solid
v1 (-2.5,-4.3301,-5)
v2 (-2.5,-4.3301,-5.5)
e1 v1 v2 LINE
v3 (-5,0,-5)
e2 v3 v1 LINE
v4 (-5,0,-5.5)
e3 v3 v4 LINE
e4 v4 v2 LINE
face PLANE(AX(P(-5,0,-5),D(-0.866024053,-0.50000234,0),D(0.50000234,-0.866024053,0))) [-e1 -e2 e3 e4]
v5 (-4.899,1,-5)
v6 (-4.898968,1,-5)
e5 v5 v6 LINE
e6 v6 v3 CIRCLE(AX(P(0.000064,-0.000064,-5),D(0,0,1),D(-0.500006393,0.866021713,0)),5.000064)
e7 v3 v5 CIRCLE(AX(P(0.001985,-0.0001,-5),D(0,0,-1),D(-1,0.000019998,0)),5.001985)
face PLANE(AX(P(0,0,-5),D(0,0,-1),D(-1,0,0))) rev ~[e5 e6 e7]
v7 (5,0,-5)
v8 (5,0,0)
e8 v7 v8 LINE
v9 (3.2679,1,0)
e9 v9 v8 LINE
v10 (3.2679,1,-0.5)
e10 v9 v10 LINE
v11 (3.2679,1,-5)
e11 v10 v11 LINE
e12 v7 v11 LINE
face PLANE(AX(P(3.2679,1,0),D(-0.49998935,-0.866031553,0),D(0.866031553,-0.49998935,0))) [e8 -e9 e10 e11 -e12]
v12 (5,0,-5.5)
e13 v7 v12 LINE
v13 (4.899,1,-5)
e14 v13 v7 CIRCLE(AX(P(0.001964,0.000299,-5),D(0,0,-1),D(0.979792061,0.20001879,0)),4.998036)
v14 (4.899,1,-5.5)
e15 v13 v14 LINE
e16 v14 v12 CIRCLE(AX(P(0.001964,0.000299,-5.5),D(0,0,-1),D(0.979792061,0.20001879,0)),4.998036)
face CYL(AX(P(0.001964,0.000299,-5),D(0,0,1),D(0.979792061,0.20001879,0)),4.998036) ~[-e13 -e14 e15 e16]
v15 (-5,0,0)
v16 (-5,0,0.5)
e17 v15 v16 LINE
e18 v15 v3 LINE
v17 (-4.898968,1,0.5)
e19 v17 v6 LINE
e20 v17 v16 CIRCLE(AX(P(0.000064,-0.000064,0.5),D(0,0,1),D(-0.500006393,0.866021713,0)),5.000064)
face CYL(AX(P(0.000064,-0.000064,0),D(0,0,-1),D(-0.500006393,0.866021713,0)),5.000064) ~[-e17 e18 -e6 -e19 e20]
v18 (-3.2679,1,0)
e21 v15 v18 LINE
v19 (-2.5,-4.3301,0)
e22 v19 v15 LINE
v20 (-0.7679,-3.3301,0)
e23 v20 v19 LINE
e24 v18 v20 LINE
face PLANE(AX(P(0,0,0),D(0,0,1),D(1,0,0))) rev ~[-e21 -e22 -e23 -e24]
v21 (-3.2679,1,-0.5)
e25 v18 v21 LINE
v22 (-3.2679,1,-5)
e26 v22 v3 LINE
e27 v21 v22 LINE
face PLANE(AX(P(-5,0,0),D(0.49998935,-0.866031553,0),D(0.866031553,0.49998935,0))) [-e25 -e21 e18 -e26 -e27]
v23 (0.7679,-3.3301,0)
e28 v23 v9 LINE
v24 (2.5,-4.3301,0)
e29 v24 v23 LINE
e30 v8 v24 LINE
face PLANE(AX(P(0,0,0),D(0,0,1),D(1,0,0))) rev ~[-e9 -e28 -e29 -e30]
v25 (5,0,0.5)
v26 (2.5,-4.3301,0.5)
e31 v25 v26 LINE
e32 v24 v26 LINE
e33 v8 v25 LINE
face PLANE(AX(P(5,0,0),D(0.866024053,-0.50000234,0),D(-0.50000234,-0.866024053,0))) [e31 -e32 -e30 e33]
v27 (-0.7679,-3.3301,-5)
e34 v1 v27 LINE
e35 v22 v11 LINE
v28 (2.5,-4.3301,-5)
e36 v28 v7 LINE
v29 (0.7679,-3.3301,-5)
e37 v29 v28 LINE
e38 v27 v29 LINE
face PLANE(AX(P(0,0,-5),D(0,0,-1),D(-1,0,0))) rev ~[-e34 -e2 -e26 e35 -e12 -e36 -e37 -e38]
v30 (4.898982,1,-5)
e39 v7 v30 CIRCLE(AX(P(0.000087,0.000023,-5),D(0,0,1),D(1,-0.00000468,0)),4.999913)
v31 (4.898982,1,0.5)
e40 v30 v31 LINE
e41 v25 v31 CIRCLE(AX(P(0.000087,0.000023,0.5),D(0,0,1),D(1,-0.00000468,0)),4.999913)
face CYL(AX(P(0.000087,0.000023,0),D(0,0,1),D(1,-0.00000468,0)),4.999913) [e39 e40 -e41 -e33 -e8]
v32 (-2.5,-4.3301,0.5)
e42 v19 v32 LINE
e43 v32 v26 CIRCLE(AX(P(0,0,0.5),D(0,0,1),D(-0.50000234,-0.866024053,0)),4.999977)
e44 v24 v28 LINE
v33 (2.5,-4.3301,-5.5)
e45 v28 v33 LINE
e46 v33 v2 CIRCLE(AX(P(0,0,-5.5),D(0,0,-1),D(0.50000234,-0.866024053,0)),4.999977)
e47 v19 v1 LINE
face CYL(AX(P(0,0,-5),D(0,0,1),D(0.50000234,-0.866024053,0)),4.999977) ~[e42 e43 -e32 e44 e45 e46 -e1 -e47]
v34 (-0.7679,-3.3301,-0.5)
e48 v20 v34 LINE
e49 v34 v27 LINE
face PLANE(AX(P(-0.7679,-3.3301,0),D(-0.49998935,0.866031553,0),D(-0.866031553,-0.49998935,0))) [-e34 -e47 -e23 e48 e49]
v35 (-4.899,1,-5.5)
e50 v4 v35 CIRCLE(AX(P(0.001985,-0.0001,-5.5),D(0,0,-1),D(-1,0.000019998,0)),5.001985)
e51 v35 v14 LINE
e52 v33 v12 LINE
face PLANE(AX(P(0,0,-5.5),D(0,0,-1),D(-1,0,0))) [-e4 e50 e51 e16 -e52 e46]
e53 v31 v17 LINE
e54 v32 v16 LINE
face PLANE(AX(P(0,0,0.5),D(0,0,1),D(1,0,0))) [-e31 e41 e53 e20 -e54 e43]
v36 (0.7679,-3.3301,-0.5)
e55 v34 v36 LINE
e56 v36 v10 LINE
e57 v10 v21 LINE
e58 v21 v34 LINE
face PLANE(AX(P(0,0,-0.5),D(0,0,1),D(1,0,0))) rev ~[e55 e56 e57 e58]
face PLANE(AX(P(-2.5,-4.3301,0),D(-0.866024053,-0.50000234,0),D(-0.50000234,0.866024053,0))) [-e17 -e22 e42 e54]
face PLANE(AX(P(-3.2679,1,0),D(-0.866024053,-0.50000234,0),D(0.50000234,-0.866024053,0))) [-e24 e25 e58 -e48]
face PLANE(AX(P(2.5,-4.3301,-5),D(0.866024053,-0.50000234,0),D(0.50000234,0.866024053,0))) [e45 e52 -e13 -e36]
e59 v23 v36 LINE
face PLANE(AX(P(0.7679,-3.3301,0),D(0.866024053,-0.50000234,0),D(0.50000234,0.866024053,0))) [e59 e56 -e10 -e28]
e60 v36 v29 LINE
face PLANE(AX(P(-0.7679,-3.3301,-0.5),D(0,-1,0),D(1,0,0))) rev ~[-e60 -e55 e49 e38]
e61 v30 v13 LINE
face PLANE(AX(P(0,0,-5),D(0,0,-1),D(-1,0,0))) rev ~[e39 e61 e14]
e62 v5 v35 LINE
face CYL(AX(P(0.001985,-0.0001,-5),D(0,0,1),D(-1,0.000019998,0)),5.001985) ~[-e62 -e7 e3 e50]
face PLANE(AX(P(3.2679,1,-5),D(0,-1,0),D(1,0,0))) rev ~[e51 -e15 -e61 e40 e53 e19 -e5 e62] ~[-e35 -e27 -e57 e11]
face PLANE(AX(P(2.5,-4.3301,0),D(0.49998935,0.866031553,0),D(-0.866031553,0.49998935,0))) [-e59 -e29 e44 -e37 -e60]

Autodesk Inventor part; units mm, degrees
ref_plane "YZ Plane" through (0, 0, 0) normal (1, 0, 0) x (0, 1, 0)
ref_plane "XZ Plane" through (0, 0, 0) normal (0, 1, 0) x (-1, 0, 0)
sketch "Sketch9" plane through (0, 0, 0) normal (0, 0, 1) x (1, 0, 0)
  line L0 (5, 0) -> (2.5, -4.3301)
  line L1 (2.5, -4.3301) -> (-2.5, -4.3301)
  line L2 (-2.5, -4.3301) -> (-5, 0)
  line L3 (-5, 0) -> (-2.5, 4.3301)
  line L4 (-2.5, 4.3301) -> (2.5, 4.3301)
  line L5 (2.5, 4.3301) -> (5, 0)
  line L6 (2.5, 4.3301) -> (2.5, 2.3301)
  line L7 (2.5, 2.3301) -> (-2.5, 2.3301)
  line L8 (-2.5, 2.3301) -> (-2.5, 4.3301)
  line L9 (-2.5, -4.3301) -> (-5, 0)
  line L10 (-0.7679, -3.3301) -> (-2.5, -4.3301)
  line L11 (-3.2679, 1) -> (-0.7679, -3.3301)
  line L12 (-5, 0) -> (-3.2679, 1)
  line L13 (5, 0) -> (2.5, -4.3301)
  line L14 (3.2679, 1) -> (5, 0)
  line L15 (0.7679, -3.3301) -> (3.2679, 1)
  line L16 (2.5, -4.3301) -> (0.7679, -3.3301)
  point P0 (0, 0)
  point P1 (0, 0)
  point P2 (-5, 0)
  dimension "d62" = 5
  dimension "d63" = 2
  dimension "d66" = 360
extrude "Extrusion9" add sketch "Sketch9" against normal blind 0.5 contours L14 L15 L16 L1 L10 L11 L12 L3 L8 L7 L6 L5
sketch "Sketch11" plane through (0, 0, -0.5) normal (0, 0, -1) x (-1, 0, 0)
  line L0 (2.5, 2.3301) -> (-2.5, 2.3301) projected
  line L1 (-2.5, 2.3301) -> (-2.5, 4.3301) projected
  line L2 (-2.5, 2.3301) -> (-2.5, 4.3301)
  line L3 (-5, 0) -> (-2.5, 4.3301) projected
  line L4 (-2.5, 4.3301) -> (-5, 0)
  line L5 (-3.2679, 1) -> (-0.7679, -3.3301) projected
  line L6 (-5, 0) -> (-3.2679, 1)
  line L7 (-3.2679, 1) -> (-2.5, 2.3301)
  line L8 (2.5, 4.3301) -> (2.5, 2.3301) projected
  line L9 (2.5, 4.3301) -> (2.5, 2.3301)
  line L10 (2.5, 2.3301) -> (3.2679, 1)
  line L11 (3.2679, 1) -> (5, 0)
  line L12 (5, 0) -> (2.5, 4.3301)
  line L13 (-0.7679, -3.3301) -> (-2.5, -4.3301)
  line L14 (2.5, -4.3301) -> (0.7679, -3.3301) projected
  line L15 (-2.5, -4.3301) -> (2.5, -4.3301)
  line L16 (2.5, -4.3301) -> (0.7679, -3.3301)
  line L17 (0.7679, -3.3301) -> (-0.7679, -3.3301)
  point P0 (0, 0)
extrude "Extrusion10" add sketch "Sketch11" along normal blind 4.5
sketch "Sketch12" plane through (0, 0, 0) normal (0, 0, 1) x (1, 0, 0)
  line L0 (3.2679, 1) -> (5, 0) projected
  line L1 (-2.5, 4.3301) -> (-5, 0)
  line L2 (-2.5, -4.3301) -> (2.5, -4.3301)
  line L3 (2.5, 4.3301) -> (2.5, 2.3301) projected
  line L4 (5, 0) -> (2.5, 4.3301)
  arc A0 (-2.5, 4.3301) -> (-5, 0) centre (0, 0) ccw
  arc A1 (-2.5, -4.3301) -> (2.5, -4.3301) centre (0, 0) ccw
  arc A2 (5, 0) -> (2.5, 4.3301) centre (0, 0) ccw
extrude "Extrusion11" add sketch "Sketch12" against normal blind 5
extrude "Extrusion12" add sketch "Sketch9" along normal blind 0.5
extrude "Extrusion13" add sketch "Sketch12" along normal blind 0.5
ref_plane "Work Plane1" through (3.2679, 1, -5) normal (0, 1, 0) x (-1, 0, 0)
split "Split1" plane through (3.2679, 1, -5) removes the side toward (0, 1, 0)
sketch "Sketch14" plane through (0, 0, -5) normal (0, 0, -1) x (-1, 0, 0)
  arc A0 (-2.5, -4.3301) -> (2.5, -4.3301) centre (0, 0) ccw projected
  line L0 (5, 0) -> (2.5, -4.3301) projected
  line L1 (5, 0) -> (2.5, -4.3301)
  line L2 (-2.5, -4.3301) -> (-5, 0) projected
  line L3 (-2.5, -4.3301) -> (-5, 0)
  line L4 (4.899, 1) -> (-4.899, 1)
  line L5 (3.2679, 1) -> (-3.2679, 1) projected
  arc A1 (5, 0) -> (4.899, 1) centre (0, 0) ccw
  arc A2 (-4.899, 1) -> (-5, 0) centre (0, 0) ccw
  arc A3 (-2.5, -4.3301) -> (2.5, -4.3301) centre (0, 0) ccw
extrude "Extrusion14" add sketch "Sketch14" along normal blind 0.5
properties part number "BodyFoldedSide1"
